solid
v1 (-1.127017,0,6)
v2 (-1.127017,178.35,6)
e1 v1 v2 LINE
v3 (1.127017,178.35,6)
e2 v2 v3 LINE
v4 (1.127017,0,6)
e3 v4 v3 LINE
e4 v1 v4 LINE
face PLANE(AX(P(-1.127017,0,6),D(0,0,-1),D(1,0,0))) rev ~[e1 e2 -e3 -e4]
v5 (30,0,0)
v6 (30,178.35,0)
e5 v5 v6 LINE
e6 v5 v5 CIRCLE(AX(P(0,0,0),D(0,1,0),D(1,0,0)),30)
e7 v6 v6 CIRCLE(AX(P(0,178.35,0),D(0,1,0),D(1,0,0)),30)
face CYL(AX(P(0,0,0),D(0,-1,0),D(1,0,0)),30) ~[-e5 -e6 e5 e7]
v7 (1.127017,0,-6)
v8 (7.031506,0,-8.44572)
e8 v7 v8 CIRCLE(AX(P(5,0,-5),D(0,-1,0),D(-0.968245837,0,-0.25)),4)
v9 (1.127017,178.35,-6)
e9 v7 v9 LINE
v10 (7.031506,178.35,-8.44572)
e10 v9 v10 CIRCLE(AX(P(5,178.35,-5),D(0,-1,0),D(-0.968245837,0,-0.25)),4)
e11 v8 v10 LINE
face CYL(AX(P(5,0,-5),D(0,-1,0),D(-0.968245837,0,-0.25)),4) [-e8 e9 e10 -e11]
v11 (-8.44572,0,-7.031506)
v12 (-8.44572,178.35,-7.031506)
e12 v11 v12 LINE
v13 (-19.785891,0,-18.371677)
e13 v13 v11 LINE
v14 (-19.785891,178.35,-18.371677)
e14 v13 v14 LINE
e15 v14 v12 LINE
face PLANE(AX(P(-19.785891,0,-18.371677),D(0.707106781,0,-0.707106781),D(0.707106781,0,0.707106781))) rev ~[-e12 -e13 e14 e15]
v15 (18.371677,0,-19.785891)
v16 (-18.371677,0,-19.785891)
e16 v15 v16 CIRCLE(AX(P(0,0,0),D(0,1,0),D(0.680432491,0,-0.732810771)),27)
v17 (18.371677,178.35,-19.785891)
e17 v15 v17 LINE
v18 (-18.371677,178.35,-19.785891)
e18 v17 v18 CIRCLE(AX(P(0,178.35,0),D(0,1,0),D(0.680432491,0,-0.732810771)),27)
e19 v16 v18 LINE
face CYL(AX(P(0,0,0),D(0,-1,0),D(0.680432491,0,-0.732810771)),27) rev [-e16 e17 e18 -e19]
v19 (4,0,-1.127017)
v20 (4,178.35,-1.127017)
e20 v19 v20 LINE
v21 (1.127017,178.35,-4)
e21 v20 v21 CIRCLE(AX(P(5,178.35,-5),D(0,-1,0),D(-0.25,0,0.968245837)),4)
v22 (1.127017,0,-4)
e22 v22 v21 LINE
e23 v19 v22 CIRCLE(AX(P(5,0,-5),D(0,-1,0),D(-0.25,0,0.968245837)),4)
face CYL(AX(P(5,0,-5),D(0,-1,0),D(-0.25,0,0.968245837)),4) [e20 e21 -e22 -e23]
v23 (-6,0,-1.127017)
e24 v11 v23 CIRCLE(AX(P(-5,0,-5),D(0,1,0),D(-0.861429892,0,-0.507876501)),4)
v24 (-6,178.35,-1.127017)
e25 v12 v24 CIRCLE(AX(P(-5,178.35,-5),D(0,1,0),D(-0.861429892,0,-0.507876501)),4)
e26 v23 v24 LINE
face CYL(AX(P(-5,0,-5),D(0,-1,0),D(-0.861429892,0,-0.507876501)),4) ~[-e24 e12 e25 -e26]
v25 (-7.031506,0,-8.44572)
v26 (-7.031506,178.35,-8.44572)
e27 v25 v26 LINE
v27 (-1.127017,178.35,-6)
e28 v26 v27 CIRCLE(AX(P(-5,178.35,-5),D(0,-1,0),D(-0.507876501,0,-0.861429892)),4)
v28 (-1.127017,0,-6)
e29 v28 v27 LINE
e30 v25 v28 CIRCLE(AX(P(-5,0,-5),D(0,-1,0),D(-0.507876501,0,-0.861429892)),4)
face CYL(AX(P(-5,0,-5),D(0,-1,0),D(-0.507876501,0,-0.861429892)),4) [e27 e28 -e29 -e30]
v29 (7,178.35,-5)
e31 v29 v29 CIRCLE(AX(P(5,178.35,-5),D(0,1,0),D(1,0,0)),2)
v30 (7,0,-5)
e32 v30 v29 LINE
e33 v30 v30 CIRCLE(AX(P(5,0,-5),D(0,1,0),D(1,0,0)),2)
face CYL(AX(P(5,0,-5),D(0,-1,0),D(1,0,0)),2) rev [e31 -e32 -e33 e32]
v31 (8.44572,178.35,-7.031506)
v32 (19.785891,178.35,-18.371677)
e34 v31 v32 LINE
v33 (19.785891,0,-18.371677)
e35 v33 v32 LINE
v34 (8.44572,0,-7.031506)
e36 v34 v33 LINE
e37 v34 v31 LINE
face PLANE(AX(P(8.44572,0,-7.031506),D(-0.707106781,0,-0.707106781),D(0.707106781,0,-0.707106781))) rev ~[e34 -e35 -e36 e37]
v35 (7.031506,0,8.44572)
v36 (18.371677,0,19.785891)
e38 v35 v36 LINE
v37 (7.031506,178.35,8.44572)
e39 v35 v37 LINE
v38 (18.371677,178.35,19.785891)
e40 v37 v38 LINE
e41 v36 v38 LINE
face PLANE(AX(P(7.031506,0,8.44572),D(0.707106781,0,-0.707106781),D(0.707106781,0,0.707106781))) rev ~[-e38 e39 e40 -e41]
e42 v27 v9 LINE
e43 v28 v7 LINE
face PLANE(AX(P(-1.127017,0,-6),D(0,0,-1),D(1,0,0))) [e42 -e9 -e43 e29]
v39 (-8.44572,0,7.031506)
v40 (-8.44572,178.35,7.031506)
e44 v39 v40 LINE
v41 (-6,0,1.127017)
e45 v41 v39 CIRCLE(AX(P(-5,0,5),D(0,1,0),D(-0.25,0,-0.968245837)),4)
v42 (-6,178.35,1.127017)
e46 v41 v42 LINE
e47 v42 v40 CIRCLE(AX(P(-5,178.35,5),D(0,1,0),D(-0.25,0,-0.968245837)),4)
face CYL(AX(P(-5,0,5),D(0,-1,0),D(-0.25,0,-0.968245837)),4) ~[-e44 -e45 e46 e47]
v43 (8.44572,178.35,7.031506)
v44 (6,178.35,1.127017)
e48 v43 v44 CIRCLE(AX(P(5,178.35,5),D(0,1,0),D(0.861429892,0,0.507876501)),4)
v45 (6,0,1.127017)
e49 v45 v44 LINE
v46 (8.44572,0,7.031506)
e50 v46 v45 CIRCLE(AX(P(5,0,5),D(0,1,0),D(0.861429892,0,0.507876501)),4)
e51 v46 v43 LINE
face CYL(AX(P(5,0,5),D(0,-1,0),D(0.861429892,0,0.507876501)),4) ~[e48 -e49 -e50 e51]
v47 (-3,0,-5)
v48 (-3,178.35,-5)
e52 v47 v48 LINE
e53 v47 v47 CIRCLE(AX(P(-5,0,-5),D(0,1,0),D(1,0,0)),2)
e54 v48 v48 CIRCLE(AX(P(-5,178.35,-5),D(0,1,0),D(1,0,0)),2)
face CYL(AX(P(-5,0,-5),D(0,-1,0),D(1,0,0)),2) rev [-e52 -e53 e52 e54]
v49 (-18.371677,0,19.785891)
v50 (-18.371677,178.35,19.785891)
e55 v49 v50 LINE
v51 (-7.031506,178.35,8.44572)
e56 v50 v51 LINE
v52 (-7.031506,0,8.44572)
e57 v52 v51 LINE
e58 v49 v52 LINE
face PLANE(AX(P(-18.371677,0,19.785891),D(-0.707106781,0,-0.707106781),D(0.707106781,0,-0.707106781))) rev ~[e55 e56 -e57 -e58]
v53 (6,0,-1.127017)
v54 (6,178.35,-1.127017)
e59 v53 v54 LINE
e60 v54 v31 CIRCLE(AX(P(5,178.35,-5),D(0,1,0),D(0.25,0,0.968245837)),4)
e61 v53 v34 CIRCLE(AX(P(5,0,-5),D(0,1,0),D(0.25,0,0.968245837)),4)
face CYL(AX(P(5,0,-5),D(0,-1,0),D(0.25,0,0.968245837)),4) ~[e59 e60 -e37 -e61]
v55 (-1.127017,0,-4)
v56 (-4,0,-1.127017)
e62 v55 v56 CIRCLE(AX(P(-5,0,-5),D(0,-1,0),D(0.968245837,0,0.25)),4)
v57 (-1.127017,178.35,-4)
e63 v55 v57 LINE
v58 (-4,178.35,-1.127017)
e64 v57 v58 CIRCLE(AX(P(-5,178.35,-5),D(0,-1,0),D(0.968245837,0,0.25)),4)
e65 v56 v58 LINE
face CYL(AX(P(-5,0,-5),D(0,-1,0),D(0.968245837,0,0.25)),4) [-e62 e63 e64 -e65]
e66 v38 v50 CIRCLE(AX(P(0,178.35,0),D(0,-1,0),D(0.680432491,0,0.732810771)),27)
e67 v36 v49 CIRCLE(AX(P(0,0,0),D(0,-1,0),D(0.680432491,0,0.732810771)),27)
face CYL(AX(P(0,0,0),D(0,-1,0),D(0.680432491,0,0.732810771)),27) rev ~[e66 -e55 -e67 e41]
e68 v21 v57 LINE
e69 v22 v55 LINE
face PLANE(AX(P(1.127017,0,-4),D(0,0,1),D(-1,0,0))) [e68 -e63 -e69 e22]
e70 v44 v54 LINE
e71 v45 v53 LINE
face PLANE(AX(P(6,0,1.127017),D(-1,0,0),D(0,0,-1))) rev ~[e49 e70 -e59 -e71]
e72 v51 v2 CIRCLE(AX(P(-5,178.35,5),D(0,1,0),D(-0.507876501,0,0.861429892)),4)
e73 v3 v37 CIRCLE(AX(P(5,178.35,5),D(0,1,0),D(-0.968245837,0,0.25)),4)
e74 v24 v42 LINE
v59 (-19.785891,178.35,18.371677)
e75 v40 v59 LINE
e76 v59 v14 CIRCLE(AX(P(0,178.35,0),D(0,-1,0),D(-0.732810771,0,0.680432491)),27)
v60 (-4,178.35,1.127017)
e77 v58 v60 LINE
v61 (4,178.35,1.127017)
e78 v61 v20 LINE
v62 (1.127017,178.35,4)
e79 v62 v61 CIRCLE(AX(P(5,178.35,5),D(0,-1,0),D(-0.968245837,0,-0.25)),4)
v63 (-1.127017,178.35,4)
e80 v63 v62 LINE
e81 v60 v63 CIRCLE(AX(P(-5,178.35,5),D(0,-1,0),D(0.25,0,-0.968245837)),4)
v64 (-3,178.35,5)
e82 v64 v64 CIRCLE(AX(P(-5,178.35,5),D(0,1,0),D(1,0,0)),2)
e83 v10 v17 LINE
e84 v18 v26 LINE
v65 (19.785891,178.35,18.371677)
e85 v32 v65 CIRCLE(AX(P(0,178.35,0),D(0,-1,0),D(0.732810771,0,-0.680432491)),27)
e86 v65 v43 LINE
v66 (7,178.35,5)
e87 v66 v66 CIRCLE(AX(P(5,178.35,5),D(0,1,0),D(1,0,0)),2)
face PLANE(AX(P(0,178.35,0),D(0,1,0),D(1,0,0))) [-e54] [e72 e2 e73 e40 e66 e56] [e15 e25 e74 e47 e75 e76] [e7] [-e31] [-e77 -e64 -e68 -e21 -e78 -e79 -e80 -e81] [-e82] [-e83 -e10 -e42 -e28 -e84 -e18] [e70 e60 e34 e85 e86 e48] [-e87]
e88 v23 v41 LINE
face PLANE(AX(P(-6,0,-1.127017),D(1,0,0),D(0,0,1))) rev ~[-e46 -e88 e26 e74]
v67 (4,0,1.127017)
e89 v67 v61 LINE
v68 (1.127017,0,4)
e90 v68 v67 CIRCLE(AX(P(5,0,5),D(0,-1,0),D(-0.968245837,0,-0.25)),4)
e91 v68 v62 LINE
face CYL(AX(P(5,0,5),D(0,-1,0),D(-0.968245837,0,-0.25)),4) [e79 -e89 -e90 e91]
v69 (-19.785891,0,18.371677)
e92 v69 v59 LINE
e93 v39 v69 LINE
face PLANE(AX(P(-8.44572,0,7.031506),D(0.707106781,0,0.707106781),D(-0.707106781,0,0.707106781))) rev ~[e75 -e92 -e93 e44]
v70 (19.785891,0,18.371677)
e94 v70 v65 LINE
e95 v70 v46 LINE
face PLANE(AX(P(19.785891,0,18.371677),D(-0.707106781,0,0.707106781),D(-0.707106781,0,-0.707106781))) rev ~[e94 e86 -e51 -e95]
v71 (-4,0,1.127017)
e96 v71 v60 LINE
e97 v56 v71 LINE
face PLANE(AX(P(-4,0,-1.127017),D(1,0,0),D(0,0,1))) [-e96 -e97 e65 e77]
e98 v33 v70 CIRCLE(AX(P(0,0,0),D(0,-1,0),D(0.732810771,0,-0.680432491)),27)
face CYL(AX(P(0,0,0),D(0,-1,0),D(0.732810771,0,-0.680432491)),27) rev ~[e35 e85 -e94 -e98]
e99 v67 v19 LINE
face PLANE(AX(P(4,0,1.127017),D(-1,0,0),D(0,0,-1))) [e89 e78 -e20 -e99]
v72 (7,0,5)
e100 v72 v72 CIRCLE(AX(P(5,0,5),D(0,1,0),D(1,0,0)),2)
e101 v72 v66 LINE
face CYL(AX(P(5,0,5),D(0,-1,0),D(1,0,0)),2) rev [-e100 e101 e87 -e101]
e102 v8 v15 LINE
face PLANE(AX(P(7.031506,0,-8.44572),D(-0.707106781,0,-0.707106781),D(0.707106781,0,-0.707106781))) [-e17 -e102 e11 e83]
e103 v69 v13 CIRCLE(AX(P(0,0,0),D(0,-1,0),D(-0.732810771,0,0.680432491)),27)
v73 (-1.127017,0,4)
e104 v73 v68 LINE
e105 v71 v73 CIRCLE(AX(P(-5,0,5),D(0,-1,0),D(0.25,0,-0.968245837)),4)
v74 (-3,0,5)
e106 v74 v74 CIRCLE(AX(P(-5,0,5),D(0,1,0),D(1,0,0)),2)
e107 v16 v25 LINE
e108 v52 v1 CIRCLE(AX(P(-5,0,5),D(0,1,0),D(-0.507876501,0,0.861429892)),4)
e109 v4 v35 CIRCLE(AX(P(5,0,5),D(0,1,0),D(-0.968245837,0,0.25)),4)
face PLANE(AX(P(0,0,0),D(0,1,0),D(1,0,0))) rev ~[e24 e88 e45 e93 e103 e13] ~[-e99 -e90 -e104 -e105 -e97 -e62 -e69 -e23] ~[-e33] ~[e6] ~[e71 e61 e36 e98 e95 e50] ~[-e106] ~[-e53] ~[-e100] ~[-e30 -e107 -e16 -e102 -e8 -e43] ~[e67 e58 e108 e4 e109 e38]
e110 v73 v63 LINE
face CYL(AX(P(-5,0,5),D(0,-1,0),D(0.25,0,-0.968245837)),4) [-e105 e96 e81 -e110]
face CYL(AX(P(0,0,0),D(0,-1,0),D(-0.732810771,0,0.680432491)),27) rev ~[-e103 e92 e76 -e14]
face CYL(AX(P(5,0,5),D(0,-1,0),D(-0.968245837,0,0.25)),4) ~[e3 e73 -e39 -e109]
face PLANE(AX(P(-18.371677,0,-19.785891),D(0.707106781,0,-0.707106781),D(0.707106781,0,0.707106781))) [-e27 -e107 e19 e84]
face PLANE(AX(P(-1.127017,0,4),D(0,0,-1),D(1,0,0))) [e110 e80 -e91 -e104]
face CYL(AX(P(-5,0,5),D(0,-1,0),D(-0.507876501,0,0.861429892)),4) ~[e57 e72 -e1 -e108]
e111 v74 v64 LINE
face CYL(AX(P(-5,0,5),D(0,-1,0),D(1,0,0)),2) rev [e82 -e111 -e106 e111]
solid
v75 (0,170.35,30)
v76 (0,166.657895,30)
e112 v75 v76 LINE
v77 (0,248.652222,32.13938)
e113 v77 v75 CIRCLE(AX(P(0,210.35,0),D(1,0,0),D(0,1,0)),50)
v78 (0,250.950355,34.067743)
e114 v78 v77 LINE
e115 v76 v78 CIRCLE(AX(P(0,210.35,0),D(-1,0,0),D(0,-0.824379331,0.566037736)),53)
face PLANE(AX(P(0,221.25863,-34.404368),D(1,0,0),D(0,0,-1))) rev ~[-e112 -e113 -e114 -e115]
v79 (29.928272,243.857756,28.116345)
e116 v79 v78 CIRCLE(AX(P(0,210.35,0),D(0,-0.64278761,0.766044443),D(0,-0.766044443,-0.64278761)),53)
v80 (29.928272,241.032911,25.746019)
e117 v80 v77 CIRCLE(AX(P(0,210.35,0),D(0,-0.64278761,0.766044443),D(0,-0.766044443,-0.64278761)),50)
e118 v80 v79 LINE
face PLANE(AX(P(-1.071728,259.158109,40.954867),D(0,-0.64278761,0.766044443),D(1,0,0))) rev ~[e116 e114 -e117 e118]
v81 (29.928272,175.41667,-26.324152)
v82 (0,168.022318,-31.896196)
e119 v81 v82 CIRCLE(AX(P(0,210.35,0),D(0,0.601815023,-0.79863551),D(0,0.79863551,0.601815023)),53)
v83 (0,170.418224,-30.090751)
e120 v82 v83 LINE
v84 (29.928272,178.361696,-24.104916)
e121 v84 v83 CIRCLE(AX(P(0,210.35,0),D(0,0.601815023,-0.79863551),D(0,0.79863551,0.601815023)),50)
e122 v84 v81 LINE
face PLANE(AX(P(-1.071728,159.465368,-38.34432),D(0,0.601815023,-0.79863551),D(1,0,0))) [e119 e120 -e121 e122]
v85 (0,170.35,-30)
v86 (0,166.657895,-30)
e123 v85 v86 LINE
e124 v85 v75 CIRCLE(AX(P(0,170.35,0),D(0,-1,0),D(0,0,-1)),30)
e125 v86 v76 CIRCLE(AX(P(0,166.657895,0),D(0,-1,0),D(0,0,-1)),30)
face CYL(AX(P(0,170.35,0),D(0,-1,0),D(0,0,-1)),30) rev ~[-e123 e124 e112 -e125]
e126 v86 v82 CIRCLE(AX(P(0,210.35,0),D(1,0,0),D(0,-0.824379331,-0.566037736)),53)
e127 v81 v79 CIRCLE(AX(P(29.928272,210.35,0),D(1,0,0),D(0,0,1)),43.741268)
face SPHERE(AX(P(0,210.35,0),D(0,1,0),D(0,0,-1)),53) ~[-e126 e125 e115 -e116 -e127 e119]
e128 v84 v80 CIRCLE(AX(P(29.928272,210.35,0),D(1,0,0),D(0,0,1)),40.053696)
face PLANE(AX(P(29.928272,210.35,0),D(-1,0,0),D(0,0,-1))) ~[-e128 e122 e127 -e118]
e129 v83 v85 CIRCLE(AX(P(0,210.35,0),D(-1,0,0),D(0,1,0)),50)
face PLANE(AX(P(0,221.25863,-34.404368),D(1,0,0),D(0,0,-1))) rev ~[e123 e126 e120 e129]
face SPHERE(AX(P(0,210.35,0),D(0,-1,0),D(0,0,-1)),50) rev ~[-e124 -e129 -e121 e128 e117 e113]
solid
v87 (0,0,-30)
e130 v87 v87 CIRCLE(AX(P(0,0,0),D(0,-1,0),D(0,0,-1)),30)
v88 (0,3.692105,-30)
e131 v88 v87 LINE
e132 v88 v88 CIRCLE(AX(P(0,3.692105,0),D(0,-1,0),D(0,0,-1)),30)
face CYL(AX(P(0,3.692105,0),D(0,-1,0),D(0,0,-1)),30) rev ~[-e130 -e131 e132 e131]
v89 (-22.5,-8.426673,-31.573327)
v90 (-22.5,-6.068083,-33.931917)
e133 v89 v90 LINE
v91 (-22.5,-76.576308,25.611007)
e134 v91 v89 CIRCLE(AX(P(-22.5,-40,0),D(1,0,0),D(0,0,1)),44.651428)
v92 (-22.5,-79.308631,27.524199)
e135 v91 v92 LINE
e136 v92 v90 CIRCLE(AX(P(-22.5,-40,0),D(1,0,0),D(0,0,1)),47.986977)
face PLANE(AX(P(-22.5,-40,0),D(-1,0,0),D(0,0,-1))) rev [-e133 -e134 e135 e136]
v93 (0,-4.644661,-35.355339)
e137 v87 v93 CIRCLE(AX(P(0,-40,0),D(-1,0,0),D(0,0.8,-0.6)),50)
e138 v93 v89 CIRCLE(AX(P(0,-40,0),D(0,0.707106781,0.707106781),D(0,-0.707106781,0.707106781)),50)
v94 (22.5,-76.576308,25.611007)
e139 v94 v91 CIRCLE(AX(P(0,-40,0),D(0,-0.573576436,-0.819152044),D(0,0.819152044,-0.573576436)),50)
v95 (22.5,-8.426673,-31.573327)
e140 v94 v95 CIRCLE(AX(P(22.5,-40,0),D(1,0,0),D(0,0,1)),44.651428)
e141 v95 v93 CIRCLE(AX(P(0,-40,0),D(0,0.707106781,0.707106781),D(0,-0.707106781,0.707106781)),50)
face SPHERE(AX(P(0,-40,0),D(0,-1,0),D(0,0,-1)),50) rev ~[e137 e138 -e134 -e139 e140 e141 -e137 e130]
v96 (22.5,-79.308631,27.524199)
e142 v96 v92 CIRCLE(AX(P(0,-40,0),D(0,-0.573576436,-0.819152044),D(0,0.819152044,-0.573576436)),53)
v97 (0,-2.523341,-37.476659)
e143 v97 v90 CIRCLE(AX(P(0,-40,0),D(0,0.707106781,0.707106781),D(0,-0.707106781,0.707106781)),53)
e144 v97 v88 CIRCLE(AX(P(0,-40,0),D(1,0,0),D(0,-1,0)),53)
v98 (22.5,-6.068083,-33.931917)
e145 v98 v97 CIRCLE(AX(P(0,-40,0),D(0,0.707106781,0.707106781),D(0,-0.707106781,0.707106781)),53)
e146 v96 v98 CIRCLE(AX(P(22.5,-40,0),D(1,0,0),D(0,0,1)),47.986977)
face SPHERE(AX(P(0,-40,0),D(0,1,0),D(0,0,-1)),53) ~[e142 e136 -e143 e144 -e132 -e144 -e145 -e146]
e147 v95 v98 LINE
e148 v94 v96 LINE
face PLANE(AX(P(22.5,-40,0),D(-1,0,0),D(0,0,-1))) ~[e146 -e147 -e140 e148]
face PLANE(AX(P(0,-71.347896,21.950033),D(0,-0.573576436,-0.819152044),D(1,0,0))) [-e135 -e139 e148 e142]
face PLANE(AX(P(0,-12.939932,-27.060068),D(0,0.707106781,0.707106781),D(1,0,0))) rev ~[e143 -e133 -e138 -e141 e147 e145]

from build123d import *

# Parameters (mm, degrees)
SKETCH_7_R                = 30
SKETCH_7_R_2              = 2
EXTRUDE_1_DEPTH           = 178.35
REVOLVE_1_ANGLE           = 180
SKETCH_13_W               = 62
SKETCH_13_H               = 63.428923534
REVOLVE_2_ANGLE           = 130
REVOLVE_2_OTHER_WAY_ANGLE = 53
SKETCH_19_W               = 45
SKETCH_19_H               = 76.537430518
REVOLVE_4_ANGLE           = 45
REVOLVE_4_OTHER_WAY_ANGLE = 125


with BuildPart() as part:
    # 草图7 → 凸台-拉伸1 (new body)
    with BuildSketch(Plane(origin=(0, 0, 0), x_dir=(1, 0, 0), z_dir=(0, 1, 0))):
        Circle(SKETCH_7_R)
        with Locations((5, 5)):
            Circle(SKETCH_7_R_2, mode=Mode.SUBTRACT)
        with Locations((5, -5)):
            Circle(SKETCH_7_R_2, mode=Mode.SUBTRACT)
        with Locations((-5, -5)):
            Circle(SKETCH_7_R_2, mode=Mode.SUBTRACT)
        with Locations((-5, 5)):
            Circle(SKETCH_7_R_2, mode=Mode.SUBTRACT)
        with BuildLine():
            Line((7.031506006, 8.445719569), (18.371677247, 19.78589081))
            ThreePointArc((18.371677247, 19.78589081), (0, 27), (-18.371677247, 19.78589081))
            Line((-18.371677247, 19.78589081), (-7.031506006, 8.445719569))
            ThreePointArc((-7.031506006, 8.445719569), (-3.469266271, 8.69551813), (-1.127016654, 6))
            Line((-1.127016654, 6), (1.127016654, 6))
            ThreePointArc((1.127016654, 6), (3.469266271, 8.69551813), (7.031506006, 8.445719569))
        make_face(mode=Mode.SUBTRACT)
        with BuildLine():
            Line((8.445719569, 7.031506006), (19.78589081, 18.371677247))
            ThreePointArc((19.78589081, 18.371677247), (27, 0), (19.78589081, -18.371677247))
            Line((19.78589081, -18.371677247), (8.445719569, -7.031506006))
            ThreePointArc((8.445719569, -7.031506006), (8.69551813, -3.469266271), (6, -1.127016654))
            Line((6, -1.127016654), (6, 1.127016654))
            ThreePointArc((6, 1.127016654), (8.69551813, 3.469266271), (8.445719569, 7.031506006))
        make_face(mode=Mode.SUBTRACT)
        with BuildLine():
            Line((7.031506006, -8.445719569), (18.371677247, -19.78589081))
            ThreePointArc((18.371677247, -19.78589081), (0, -27), (-18.371677247, -19.78589081))
            Line((-18.371677247, -19.78589081), (-7.031506006, -8.445719569))
            ThreePointArc((-7.031506006, -8.445719569), (-3.469266271, -8.69551813), (-1.127016654, -6))
            Line((-1.127016654, -6), (1.127016654, -6))
            ThreePointArc((1.127016654, -6), (3.469266271, -8.69551813), (7.031506006, -8.445719569))
        make_face(mode=Mode.SUBTRACT)
        with BuildLine():
            Line((-8.445719569, -7.031506006), (-19.78589081, -18.371677247))
            ThreePointArc((-19.78589081, -18.371677247), (-27, 0), (-19.78589081, 18.371677247))
            Line((-19.78589081, 18.371677247), (-8.445719569, 7.031506006))
            ThreePointArc((-8.445719569, 7.031506006), (-8.69551813, 3.469266271), (-6, 1.127016654))
            Line((-6, 1.127016654), (-6, -1.127016654))
            ThreePointArc((-6, -1.127016654), (-8.69551813, -3.469266271), (-8.445719569, -7.031506006))
        make_face(mode=Mode.SUBTRACT)
        with BuildLine():
            Line((1.127016654, 4), (-1.127016654, 4))
            ThreePointArc((-1.127016654, 4), (-2.171572875, 2.171572875), (-4, 1.127016654))
            Line((-4, 1.127016654), (-4, -1.127016654))
            ThreePointArc((-4, -1.127016654), (-2.171572875, -2.171572875), (-1.127016654, -4))
            Line((-1.127016654, -4), (1.127016654, -4))
            ThreePointArc((1.127016654, -4), (2.171572875, -2.171572875), (4, -1.127016654))
            Line((4, -1.127016654), (4, 1.127016654))
            ThreePointArc((4, 1.127016654), (2.171572875, 2.171572875), (1.127016654, 4))
        make_face(mode=Mode.SUBTRACT)
    extrude(amount=EXTRUDE_1_DEPTH)


with BuildPart() as body_2:
    # 草图8 → 旋转1 (revolve)
    with BuildSketch(Plane(origin=(0, 0, 0), x_dir=(0, 0, -1), z_dir=(1, 0, 0))):
        with BuildLine():
            Line((0, 263.35), (0, 260.35))
            ThreePointArc((0, 260.35), (47.434164903, 226.161388301), (30, 170.35))
            Line((30, 170.35), (30, 166.65789545))
            ThreePointArc((30, 166.65789545), (50.619569048, 226.055388547), (0, 263.35))
        make_face()
    revolve(axis=Axis((0, 210.35, 0), (0, -1, 0)), revolution_arc=REVOLVE_1_ANGLE)


with BuildPart() as body_3:
    # 草图13 → 旋转2 (revolve)
    with BuildSketch(Plane(origin=(0, 210.35, 0), x_dir=(1, 0, 0), z_dir=(0, 1, 0))):
        with Locations((-1.07172831, 63.714461767)):
            Rectangle(SKETCH_13_W, SKETCH_13_H)
    revolve(axis=Axis((-30.13148335, 210.35, 0), (1, 0, 0)), revolution_arc=REVOLVE_2_ANGLE)

    # 草图13 → 旋转2 other way (revolve)
    with BuildSketch(Plane(origin=(0, 210.35, 0), x_dir=(1, 0, 0), z_dir=(0, 1, 0))):
        with Locations((-1.07172831, 63.714461767)):
            Rectangle(SKETCH_13_W, SKETCH_13_H)
    revolve(axis=Axis((-30.13148335, 210.35, 0), (-1, 0, 0)), revolution_arc=REVOLVE_2_OTHER_WAY_ANGLE)


with BuildPart() as body_2_1:
    add(body_2.part)

    # Combine 1: cut body 3
    add(body_3.part, mode=Mode.SUBTRACT)


with BuildPart() as body_3_2:
    # 草图17 → 旋转3 (revolve)
    with BuildSketch(Plane(origin=(0, 0, 0), x_dir=(0, 0, -1), z_dir=(1, 0, 0))):
        with BuildLine():
            Line((0, -90), (0, -93))
            ThreePointArc((0, -93), (50.619569048, -55.705388547), (30, 3.69210455))
            Line((30, 3.69210455), (30, 0))
            ThreePointArc((30, 0), (47.434164903, -55.811388301), (0, -90))
        make_face()
    revolve(axis=Axis((0, 0, 0), (0, -1, 0)))


with BuildPart() as body_4:
    # 草图19 → 旋转4 (revolve)
    with BuildSketch(Plane(origin=(0, -40, 0), x_dir=(1, 0, 0), z_dir=(0, 1, 0))):
        with Locations((0, 38.268715259)):
            Rectangle(SKETCH_19_W, SKETCH_19_H)
    revolve(axis=Axis((-67.878952915, -40, 0), (1, 0, 0)), revolution_arc=REVOLVE_4_ANGLE)

    # 草图19 → 旋转4 other way (revolve)
    with BuildSketch(Plane(origin=(0, -40, 0), x_dir=(1, 0, 0), z_dir=(0, 1, 0))):
        with Locations((0, 38.268715259)):
            Rectangle(SKETCH_19_W, SKETCH_19_H)
    revolve(axis=Axis((-67.878952915, -40, 0), (-1, 0, 0)), revolution_arc=REVOLVE_4_OTHER_WAY_ANGLE)


with BuildPart() as body_3_2_1:
    add(body_3_2.part)

    # Combine 2: cut body 4
    add(body_4.part, mode=Mode.SUBTRACT)


solid = Compound([part.part, body_2_1.part, body_3_2_1.part])
